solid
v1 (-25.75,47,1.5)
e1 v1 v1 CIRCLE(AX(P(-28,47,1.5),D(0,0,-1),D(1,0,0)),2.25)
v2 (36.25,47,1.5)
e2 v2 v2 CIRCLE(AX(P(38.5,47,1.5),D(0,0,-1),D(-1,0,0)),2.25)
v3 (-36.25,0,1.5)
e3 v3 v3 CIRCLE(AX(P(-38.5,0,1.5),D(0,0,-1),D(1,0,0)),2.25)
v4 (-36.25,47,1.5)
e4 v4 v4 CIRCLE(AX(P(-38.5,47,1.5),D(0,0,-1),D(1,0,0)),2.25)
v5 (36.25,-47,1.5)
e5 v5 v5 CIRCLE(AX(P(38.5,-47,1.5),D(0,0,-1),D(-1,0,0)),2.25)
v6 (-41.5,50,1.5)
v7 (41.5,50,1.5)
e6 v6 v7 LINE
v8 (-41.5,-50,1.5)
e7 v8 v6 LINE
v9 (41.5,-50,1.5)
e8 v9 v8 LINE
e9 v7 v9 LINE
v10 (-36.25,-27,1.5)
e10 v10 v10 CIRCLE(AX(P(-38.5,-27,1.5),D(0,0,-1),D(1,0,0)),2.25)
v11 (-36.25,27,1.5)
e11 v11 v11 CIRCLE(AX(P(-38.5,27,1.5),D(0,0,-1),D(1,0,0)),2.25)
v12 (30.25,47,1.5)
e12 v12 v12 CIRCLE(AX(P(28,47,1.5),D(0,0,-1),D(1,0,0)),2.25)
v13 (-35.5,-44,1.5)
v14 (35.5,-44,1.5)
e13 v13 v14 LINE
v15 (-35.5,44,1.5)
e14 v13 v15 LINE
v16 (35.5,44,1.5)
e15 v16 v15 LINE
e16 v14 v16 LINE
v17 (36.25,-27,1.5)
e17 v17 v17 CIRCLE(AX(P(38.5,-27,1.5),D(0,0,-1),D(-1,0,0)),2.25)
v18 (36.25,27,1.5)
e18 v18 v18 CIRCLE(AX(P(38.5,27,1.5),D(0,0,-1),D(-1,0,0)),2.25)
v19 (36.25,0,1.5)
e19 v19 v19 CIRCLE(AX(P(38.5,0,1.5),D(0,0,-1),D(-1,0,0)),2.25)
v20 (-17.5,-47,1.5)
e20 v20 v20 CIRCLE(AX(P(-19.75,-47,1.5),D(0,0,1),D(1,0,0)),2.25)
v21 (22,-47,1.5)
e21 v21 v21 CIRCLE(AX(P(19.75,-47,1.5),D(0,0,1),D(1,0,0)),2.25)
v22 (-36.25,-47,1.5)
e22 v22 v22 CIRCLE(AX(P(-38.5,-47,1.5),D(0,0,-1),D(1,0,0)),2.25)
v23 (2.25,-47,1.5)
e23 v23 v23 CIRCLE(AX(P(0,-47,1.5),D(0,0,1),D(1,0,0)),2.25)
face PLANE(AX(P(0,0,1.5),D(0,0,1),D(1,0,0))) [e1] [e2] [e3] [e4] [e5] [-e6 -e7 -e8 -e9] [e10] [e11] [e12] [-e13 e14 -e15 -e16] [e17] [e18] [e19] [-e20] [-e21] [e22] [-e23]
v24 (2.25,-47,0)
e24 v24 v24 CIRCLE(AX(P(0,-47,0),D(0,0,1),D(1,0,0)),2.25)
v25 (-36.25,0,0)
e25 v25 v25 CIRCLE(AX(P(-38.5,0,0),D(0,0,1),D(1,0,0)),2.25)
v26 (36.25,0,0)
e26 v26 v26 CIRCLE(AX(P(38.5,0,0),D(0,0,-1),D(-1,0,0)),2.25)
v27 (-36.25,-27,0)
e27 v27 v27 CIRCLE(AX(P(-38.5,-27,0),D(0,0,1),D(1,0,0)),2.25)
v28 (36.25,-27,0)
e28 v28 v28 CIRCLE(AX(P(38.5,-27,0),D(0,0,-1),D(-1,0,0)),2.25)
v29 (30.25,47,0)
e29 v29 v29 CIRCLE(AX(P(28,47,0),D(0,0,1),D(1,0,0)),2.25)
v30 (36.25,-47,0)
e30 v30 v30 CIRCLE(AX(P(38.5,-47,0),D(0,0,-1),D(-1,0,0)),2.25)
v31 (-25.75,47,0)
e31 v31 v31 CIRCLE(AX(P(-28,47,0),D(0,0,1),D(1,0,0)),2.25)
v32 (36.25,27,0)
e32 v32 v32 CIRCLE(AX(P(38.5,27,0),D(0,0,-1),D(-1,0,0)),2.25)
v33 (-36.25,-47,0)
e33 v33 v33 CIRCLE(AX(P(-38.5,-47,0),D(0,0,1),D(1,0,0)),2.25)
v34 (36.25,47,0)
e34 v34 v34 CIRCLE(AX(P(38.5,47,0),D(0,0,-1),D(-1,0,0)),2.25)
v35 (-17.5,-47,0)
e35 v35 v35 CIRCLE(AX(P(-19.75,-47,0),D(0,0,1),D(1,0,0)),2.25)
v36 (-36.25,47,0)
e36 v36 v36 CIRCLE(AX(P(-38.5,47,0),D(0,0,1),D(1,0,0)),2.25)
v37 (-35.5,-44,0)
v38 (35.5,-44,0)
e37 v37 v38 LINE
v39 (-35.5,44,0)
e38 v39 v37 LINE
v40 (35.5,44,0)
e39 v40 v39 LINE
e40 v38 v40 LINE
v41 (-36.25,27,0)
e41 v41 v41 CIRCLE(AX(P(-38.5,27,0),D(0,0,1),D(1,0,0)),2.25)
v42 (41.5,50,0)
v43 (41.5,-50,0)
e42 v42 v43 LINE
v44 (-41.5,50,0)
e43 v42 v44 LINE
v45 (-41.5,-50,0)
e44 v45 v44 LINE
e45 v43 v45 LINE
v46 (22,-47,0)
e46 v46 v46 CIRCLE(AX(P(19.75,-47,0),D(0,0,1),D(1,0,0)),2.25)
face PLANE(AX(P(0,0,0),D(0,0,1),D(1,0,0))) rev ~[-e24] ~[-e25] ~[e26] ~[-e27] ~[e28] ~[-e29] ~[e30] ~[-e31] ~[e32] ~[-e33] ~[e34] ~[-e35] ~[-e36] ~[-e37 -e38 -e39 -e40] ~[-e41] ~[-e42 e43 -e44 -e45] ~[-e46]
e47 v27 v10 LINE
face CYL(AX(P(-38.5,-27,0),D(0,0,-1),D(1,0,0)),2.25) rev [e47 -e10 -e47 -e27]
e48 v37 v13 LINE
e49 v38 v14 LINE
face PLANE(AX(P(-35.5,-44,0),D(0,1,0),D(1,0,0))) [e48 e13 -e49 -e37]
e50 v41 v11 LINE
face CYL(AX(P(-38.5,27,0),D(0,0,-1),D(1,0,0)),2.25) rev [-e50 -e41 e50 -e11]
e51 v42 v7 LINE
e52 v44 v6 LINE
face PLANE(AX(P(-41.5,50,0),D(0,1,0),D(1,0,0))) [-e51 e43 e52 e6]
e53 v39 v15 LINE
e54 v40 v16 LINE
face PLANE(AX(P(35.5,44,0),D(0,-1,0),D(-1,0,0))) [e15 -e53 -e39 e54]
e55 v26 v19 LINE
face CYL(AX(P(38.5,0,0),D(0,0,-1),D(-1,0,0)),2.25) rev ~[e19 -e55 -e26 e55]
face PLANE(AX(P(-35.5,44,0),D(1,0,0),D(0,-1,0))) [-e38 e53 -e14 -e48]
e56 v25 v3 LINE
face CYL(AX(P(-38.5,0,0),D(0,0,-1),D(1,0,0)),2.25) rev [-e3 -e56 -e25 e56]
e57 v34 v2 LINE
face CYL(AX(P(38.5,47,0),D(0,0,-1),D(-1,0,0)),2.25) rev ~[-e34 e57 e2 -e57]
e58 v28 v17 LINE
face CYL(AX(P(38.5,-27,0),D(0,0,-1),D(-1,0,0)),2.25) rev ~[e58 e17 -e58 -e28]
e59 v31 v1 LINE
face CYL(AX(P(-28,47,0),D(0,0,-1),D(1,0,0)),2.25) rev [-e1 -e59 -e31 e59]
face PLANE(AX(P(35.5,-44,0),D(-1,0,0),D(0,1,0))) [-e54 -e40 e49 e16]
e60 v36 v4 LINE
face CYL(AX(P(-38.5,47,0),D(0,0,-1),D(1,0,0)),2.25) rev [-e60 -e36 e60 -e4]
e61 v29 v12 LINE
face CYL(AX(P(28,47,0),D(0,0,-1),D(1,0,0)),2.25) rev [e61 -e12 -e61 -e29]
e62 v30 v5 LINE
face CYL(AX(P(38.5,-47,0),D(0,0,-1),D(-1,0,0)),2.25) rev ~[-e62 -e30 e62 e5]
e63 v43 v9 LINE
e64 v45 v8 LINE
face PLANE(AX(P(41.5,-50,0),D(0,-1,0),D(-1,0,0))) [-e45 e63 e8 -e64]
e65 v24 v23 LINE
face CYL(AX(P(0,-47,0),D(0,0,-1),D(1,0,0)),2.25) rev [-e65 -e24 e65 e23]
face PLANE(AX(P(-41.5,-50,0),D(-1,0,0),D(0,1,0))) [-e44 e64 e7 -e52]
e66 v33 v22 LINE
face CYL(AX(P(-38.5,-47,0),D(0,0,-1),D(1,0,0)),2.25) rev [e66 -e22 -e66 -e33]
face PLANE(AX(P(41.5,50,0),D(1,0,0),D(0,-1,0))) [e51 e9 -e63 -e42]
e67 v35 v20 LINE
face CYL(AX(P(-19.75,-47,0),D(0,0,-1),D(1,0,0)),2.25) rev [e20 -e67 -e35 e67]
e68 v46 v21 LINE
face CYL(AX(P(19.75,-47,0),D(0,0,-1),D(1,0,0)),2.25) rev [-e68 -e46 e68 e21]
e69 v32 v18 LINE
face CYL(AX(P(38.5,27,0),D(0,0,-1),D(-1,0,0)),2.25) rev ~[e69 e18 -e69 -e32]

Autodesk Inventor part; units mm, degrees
ref_plane "YZ Plane" through (0, 0, 0) normal (1, 0, 0) x (0, 1, 0)
ref_plane "XZ Plane" through (0, 0, 0) normal (0, 1, 0) x (-1, 0, 0)
ref_plane "XY Plane" through (0, 0, 0) normal (0, 0, 1) x (1, 0, 0)
sketch "Sketch1" plane through (0, 0, 0) normal (0, 0, 1) x (1, 0, 0)
  line L0 (-41.5, 50) -> (41.5, 50)
  line L1 (41.5, 50) -> (41.5, -50)
  line L2 (41.5, -50) -> (-41.5, -50)
  line L3 (-41.5, -50) -> (-41.5, 50)
  line L4 (35.5, 44) -> (-35.5, 44)
  line L5 (-35.5, 44) -> (-35.5, -44)
  line L6 (-35.5, -44) -> (35.5, -44)
  line L7 (35.5, -44) -> (35.5, 44)
  line L8 (-41.5, -47) -> (41.5, -47) construction
  circle A0 centre (-19.75, -47) radius 2.25
  line L9 (0, 71.7466) -> (0, -78.0681) construction
  circle A1 centre (0, -47) radius 2.25
  circle A2 centre (19.75, -47) radius 2.25
  line L10 (-60.2597, 0) -> (74.2823, 0) construction
  line L11 (-38.5, 50) -> (-38.5, -50) construction
  circle A3 centre (-38.5, 0) radius 2.25
  circle A4 centre (-38.5, 27) radius 2.25
  circle A5 centre (-38.5, -27) radius 2.25
  line L12 (-41.5, 47) -> (41.5, 47) construction
  line L13 (-35.5, -3) -> (-35.5, 3)
  circle A6 centre (-38.5, 47) radius 2.25
  circle A7 centre (-38.5, -47) radius 2.25
  line L14 (-25, 50) -> (25, 50)
  line L15 (25, 50) -> (25, 47)
  line L16 (25, 47) -> (-25, 47)
  line L17 (-25, 47) -> (-25, 50)
  circle A8 centre (-28, 47) radius 2.25
  circle A9 centre (28, 47) radius 2.25
  point P0 (0, 0)
  point P1 (0, 50)
  point P2 (41.5, 0)
  point P3 (0, 47)
  point P4 (0, 47)
  dimension "d0" = 83
  dimension "d1" = 100
  dimension "d2" = 4.5
  dimension "d3" = 4.5
  dimension "d4" = 4.5
  dimension "d5" = 3
  dimension "d6" = 3
  dimension "d9" = 3
  dimension "d10" = 4.5
  dimension "d11" = 4.5
  dimension "d12" = 4.5
  dimension "d17" = 3
  dimension "d41" = 4.5
  dimension "d42" = 4.5
  dimension "d45" = 29.25
  dimension "d46" = 29.25
  dimension "d47" = 22
  dimension "d48" = 22
  dimension "d66" = 50
  dimension "d67" = 3
  dimension "d81" = 4.5
  dimension "d82" = 4.5
  dimension "d83" = 3
  dimension "d84" = 3
extrude "Extrusion1" add sketch "Sketch1" along normal blind 1.5 contours L0 L17 L16 L15 L1 L2 L3 | L0 L15 L16 L17 | A3 | A4 | A5 | A6 | A7 | A8 | A9
extrude "Extrusion2" cut sketch "Sketch1" along normal blind 10 contours A3 | A4 | A5 | A6 | A7
mirror "Mirror1" about plane through (0, 0, 0) normal (1, 0, 0) of "Extrusion2"
extrude "Extrusion7" cut sketch "Sketch1" along normal blind 10 contours A8 | A9
properties part number "Side" material "ABS Plastic"
